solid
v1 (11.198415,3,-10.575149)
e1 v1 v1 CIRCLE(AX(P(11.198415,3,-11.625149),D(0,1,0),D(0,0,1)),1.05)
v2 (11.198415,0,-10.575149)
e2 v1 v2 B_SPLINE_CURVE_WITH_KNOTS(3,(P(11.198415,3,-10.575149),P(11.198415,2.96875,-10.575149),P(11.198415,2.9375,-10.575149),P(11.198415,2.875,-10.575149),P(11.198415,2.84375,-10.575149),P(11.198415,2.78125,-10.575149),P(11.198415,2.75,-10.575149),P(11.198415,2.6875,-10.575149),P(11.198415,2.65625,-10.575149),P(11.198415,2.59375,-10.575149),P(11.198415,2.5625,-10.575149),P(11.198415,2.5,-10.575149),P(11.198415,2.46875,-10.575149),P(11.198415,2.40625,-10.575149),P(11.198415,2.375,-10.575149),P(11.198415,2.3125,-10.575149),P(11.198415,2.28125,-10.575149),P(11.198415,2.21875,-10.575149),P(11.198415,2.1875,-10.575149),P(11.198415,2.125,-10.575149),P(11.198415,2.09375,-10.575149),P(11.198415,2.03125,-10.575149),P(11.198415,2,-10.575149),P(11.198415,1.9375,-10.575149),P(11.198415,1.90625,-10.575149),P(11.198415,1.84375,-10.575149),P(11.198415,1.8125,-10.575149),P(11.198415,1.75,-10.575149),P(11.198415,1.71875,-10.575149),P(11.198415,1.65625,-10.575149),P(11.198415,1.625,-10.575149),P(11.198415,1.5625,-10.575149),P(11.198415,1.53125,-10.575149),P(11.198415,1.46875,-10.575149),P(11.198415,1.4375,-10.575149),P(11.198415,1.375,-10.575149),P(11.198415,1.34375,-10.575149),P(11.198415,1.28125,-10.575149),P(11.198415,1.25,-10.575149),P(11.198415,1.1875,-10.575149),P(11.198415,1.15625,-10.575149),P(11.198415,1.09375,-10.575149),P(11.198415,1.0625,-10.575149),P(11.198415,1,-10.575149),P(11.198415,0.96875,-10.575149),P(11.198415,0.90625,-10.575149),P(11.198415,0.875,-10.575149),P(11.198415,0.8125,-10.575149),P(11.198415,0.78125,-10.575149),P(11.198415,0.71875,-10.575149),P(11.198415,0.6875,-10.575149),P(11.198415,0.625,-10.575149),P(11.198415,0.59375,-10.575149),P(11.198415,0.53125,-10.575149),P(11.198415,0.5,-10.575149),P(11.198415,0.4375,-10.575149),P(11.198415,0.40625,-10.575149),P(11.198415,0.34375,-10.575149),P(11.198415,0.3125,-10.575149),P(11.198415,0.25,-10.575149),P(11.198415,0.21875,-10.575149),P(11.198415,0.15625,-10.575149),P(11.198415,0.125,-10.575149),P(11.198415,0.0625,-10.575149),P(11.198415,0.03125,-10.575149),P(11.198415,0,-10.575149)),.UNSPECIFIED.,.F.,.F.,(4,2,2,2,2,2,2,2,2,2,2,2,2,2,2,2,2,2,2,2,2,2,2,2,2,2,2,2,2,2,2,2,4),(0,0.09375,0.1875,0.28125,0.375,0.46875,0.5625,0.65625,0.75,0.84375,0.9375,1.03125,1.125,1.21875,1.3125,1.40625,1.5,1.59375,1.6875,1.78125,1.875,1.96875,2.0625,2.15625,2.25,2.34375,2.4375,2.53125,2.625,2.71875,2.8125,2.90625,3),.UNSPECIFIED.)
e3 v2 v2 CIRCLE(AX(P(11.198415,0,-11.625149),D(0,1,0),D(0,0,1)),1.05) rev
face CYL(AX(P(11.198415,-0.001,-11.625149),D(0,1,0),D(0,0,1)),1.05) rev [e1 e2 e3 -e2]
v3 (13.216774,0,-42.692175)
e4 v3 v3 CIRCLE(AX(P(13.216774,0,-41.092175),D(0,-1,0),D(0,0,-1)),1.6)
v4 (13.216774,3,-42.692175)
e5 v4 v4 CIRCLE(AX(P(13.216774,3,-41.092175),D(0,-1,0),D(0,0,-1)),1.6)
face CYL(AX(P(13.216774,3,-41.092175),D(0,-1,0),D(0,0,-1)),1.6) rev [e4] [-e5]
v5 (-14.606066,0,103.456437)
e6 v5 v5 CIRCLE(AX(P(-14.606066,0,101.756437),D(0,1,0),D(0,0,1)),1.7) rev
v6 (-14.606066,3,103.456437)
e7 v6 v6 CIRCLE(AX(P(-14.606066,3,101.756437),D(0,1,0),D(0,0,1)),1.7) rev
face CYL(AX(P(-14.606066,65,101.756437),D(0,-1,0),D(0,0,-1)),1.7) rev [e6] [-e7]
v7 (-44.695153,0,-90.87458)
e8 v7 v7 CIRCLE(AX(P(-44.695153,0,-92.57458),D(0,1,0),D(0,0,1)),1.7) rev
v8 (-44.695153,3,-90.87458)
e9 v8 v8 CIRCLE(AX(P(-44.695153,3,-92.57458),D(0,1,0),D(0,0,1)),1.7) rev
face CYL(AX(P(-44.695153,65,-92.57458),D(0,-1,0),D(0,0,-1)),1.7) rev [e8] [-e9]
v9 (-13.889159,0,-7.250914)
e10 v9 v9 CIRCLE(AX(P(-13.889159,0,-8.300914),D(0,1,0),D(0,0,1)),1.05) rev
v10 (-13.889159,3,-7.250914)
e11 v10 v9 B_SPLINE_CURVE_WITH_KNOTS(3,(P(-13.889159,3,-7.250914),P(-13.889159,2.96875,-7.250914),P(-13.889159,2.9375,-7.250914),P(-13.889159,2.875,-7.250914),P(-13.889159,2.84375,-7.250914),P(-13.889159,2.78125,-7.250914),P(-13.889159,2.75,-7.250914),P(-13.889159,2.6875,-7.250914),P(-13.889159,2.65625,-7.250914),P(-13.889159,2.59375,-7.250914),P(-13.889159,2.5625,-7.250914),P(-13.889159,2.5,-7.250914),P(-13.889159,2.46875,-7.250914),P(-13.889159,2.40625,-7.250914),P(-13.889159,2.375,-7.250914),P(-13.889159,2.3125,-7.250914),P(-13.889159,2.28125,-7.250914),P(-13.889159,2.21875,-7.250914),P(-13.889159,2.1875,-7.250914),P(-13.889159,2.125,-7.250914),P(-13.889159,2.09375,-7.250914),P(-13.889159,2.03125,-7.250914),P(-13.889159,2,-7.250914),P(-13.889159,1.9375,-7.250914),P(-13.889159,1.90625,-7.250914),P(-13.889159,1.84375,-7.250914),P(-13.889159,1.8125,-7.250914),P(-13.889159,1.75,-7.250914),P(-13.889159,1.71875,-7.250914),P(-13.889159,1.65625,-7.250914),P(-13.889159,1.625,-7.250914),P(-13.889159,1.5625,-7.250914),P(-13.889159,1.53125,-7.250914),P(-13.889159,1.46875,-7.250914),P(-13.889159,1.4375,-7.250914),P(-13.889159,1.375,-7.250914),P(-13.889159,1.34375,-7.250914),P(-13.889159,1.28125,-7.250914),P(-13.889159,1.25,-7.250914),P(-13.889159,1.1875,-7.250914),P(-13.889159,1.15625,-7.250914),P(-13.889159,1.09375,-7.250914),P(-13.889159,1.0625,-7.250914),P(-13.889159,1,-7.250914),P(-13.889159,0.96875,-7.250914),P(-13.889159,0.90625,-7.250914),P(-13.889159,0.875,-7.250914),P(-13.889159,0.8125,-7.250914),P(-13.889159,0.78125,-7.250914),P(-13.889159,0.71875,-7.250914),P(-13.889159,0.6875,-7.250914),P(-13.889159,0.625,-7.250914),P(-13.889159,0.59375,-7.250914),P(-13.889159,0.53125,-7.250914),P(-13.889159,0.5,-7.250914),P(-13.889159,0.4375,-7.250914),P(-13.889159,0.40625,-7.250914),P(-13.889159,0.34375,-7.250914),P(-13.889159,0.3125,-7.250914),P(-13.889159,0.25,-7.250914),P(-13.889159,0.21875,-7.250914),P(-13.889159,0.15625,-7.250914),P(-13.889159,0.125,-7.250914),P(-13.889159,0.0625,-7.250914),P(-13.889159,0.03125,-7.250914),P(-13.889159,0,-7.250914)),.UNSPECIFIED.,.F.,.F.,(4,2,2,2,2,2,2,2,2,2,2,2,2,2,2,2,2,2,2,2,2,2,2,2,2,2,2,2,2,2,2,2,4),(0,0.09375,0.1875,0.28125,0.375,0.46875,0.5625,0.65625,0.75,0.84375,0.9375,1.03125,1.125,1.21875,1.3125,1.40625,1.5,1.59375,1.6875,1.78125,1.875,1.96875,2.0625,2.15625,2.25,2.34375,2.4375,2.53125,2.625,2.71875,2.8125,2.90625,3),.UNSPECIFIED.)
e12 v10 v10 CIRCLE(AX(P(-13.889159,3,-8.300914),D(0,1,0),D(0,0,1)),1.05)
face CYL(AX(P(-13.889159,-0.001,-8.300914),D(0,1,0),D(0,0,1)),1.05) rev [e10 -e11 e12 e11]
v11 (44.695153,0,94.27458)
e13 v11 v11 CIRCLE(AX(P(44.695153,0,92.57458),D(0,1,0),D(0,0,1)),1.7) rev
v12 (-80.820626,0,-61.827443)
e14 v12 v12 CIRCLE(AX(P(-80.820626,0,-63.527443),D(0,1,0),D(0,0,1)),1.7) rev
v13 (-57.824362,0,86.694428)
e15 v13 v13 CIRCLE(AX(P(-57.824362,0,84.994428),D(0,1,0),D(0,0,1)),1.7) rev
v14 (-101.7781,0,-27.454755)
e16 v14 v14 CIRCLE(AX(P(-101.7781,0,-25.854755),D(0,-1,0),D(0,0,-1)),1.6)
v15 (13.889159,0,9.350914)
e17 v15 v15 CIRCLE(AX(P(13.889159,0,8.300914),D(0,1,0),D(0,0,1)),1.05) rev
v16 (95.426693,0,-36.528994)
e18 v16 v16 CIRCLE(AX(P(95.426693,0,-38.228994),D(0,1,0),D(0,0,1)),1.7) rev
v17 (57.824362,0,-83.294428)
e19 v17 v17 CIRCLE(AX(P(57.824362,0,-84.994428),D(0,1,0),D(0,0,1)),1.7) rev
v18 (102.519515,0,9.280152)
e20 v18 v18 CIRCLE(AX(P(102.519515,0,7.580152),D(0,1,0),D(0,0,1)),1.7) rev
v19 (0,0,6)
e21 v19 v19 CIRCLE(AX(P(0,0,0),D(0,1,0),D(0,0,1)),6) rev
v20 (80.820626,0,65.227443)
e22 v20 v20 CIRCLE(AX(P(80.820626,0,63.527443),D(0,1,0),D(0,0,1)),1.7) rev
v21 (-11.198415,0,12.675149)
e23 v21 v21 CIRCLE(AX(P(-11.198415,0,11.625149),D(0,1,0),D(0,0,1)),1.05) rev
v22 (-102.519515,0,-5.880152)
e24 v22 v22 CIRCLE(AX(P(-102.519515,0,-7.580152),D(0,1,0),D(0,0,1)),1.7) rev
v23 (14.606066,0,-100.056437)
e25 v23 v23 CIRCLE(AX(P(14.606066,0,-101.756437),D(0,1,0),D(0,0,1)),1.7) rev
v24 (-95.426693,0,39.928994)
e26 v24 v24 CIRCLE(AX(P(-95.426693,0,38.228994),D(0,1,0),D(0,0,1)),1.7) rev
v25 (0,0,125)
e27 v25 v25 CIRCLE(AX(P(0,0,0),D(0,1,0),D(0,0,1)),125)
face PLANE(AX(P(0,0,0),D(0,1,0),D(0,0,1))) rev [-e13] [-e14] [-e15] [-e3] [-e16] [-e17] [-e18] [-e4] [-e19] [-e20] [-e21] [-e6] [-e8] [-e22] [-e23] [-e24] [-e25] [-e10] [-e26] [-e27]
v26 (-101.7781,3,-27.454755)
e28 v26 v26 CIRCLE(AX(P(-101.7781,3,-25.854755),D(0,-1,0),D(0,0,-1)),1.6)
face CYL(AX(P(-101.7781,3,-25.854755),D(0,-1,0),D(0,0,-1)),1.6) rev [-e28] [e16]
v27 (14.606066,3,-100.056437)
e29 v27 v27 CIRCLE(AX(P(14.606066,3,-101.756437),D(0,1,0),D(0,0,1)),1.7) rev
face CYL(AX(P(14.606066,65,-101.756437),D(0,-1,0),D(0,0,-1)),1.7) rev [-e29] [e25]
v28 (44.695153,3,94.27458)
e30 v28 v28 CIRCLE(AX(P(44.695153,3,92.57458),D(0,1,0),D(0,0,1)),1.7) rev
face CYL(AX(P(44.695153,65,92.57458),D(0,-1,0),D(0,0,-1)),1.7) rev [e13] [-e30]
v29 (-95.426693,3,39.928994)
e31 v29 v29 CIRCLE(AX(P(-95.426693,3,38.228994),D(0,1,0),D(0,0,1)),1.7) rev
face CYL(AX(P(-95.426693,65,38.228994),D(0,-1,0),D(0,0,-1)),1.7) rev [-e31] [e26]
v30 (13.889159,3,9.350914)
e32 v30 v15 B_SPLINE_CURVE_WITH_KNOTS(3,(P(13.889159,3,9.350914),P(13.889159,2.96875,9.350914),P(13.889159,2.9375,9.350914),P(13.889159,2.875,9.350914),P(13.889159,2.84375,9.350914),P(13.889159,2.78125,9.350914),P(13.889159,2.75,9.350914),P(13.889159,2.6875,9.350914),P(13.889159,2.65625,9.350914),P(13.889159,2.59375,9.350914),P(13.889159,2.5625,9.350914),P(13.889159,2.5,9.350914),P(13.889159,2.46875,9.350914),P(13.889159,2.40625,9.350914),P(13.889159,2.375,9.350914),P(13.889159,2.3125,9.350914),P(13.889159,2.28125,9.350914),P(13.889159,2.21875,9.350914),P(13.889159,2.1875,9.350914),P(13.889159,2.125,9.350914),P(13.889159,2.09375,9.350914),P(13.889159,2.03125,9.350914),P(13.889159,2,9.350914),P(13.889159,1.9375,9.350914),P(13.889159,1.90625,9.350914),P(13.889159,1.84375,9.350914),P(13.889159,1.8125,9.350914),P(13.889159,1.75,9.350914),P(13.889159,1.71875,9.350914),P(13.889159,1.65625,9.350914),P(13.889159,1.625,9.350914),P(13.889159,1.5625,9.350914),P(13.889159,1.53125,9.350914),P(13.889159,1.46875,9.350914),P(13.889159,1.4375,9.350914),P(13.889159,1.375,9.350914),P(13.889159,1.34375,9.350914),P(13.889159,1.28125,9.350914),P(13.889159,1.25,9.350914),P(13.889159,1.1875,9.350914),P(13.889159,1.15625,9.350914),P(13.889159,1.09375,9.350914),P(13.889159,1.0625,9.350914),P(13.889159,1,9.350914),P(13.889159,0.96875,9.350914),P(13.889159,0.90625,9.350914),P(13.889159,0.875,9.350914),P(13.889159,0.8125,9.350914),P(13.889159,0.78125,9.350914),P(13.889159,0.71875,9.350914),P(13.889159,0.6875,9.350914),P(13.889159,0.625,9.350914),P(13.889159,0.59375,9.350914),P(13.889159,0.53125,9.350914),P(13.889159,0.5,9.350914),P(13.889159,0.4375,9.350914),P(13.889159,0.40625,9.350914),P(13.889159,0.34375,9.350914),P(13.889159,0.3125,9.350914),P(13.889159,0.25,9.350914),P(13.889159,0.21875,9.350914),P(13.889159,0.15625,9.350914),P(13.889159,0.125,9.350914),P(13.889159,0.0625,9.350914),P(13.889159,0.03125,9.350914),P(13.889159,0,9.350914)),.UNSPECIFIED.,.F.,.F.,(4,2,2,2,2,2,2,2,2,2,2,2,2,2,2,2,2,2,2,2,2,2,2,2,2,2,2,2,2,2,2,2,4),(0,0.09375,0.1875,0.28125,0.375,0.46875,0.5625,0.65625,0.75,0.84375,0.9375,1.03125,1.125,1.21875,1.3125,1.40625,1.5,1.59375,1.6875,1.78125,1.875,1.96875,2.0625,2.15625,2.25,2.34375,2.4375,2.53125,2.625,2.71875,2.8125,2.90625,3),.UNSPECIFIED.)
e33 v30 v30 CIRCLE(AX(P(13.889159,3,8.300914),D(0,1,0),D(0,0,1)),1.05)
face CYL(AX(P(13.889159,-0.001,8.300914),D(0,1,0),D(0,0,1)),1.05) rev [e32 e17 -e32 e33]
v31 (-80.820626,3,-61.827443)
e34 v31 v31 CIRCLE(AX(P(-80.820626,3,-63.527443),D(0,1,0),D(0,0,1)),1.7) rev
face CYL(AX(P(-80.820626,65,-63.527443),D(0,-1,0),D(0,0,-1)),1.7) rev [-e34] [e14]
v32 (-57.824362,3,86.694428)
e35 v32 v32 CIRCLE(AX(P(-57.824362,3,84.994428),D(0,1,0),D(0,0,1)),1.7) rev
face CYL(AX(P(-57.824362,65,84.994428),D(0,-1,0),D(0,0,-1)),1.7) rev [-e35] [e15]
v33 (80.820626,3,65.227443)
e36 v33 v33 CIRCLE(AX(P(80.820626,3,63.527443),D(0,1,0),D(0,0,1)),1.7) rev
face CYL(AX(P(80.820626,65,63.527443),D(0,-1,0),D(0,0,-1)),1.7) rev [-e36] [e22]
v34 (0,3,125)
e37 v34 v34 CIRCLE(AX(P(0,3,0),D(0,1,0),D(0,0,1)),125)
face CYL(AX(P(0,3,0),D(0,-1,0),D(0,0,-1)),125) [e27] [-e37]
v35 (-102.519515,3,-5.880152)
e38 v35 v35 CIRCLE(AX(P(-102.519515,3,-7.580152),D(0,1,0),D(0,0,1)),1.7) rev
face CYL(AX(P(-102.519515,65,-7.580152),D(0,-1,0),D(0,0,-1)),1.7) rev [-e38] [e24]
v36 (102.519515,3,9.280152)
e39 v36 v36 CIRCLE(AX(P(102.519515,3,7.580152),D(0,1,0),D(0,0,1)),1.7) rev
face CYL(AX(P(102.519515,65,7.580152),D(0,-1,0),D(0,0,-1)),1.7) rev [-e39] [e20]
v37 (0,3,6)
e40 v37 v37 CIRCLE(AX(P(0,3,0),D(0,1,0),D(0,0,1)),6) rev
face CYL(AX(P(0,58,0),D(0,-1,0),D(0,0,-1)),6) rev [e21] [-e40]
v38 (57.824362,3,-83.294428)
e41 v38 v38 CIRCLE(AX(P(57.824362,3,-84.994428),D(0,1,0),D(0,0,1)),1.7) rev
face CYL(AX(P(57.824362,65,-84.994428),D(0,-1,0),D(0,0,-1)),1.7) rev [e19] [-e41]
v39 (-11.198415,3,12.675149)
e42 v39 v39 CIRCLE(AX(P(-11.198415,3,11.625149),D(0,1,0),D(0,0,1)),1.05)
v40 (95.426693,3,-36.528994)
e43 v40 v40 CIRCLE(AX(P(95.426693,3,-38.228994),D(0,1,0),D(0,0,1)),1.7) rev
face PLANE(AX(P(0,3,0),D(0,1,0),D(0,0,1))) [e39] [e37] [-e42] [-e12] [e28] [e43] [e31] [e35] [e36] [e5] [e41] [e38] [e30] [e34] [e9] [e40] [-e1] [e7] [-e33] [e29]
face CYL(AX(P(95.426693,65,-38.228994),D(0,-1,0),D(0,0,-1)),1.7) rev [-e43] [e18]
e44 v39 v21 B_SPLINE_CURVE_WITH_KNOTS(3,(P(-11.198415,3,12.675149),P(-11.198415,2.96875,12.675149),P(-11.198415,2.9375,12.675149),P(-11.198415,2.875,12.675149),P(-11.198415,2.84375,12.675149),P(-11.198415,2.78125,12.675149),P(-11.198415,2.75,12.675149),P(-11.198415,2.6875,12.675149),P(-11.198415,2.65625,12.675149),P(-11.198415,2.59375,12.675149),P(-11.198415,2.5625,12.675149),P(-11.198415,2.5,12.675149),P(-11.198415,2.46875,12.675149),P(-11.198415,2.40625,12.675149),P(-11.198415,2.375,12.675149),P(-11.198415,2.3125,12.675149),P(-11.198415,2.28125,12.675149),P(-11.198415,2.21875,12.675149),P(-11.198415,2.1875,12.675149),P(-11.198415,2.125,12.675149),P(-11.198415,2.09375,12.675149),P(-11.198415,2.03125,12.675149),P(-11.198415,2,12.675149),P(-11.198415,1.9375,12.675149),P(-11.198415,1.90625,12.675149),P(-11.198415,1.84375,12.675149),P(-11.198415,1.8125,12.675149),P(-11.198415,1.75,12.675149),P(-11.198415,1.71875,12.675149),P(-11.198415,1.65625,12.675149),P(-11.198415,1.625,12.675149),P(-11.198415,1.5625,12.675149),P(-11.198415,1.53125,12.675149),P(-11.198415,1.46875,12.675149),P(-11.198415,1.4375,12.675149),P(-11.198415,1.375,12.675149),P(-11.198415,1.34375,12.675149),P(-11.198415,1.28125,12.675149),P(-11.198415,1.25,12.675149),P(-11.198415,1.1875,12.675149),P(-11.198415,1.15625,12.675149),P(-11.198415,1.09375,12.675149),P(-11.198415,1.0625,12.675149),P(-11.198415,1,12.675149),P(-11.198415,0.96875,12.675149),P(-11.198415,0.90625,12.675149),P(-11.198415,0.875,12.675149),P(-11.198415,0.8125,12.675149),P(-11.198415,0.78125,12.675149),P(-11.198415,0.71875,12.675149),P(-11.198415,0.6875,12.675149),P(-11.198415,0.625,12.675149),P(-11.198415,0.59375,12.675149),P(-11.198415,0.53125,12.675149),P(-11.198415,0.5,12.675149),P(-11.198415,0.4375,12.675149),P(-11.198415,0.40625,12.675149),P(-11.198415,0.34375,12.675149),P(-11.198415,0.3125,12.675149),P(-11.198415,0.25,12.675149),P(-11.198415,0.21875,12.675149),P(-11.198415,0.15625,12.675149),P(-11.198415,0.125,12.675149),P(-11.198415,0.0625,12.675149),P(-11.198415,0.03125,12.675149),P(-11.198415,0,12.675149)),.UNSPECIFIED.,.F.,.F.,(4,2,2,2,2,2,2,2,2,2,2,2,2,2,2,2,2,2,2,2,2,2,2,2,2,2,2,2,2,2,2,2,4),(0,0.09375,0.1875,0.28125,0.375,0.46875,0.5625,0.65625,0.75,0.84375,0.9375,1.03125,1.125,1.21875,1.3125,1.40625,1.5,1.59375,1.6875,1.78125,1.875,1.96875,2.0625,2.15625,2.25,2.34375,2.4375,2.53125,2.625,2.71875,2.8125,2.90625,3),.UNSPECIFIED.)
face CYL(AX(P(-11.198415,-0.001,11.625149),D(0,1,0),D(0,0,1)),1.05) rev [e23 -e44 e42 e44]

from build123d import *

# Parameters (mm, degrees)
SKETCH2_R               = 125
BOSS_EXTRUDE1_DEPTH     = 3
CUT_EXTRUDE1_START      = -26
SKETCH3_R               = 1.7
CUT_EXTRUDE1_DEPTH      = 88
CUT_EXTRUDE2_DEPTH      = 55
CUT_EXTRUDE2_DEPTH_BACK = 12
SKETCH4_R               = 6
SKETCH5_R               = 1.6
CUT_EXTRUDE3_DEPTH      = 177.802149308
CUT_EXTRUDE4_REACH      = 178.802
SKETCH6_R               = 1.05
CIRPATTERN1_COUNT       = 6


with BuildPart() as part:
    # Sketch2 → Boss-Extrude1 (new body)
    with BuildSketch(Plane(origin=(0, 0, 0), x_dir=(1, 0, 0), z_dir=(0, 1, 0))):
        with Locations(Location((0, 0, 0), (0, 0, 270))):
            Circle(SKETCH2_R)
    extrude(amount=BOSS_EXTRUDE1_DEPTH)

    # Sketch3 → Cut-Extrude1 (cut)
    with BuildSketch(Plane(origin=(0, 3, 0), x_dir=(1, 0, 0), z_dir=(0, 1, 0)).offset(CUT_EXTRUDE1_START)):
        with Locations(Location((57.824361976, 84.994428132, 0), (0, 0, 270))):
            Circle(SKETCH3_R)
        with Locations(Location((14.606066285, 101.75643704, 0), (0, 0, 270))):
            Circle(SKETCH3_R)
        with Locations(Location((44.695152955, -92.574580495, 0), (0, 0, 270))):
            Circle(SKETCH3_R)
        with Locations(Location((80.820626333, -63.527442972, 0), (0, 0, 270))):
            Circle(SKETCH3_R)
        with Locations(Location((-102.519514931, 7.580152362, 0), (0, 0, 270))):
            Circle(SKETCH3_R)
        with Locations(Location((-95.426692618, -38.228994068, 0), (0, 0, 270))):
            Circle(SKETCH3_R)
    cut_extrude1 = extrude(amount=CUT_EXTRUDE1_DEPTH, mode=Mode.SUBTRACT)

    # Sketch4 → Cut-Extrude2 (cut, two sides: drawn at the far end of the back side and taken through both)
    with BuildSketch(Plane(origin=(0, 3, 0), x_dir=(1, 0, 0), z_dir=(0, 1, 0)).offset(-CUT_EXTRUDE2_DEPTH_BACK)):
        with Locations(Location((0, 0, 0), (0, 0, 270))):
            Circle(SKETCH4_R)
    extrude(amount=CUT_EXTRUDE2_DEPTH + CUT_EXTRUDE2_DEPTH_BACK, mode=Mode.SUBTRACT)

    # Sketch5 → Cut-Extrude3 (cut, through all)
    with BuildSketch(Plane.XZ):
        with Locations(Location((-101.778099897, -25.854755487, 0), (0, 0, 270))):
            Circle(SKETCH5_R)
        with Locations(Location((13.216774043, -41.092175458, 0), (0, 0, 270))):
            Circle(SKETCH5_R)
    extrude(amount=-CUT_EXTRUDE3_DEPTH, mode=Mode.SUBTRACT)

    # Sketch6 → Cut-Extrude4 (cut, up to next)
    with BuildSketch(Plane(origin=(0, 3, 0), x_dir=(1, 0, 0), z_dir=(0, 1, 0)), mode=Mode.PRIVATE) as cut_extrude4_sk1:
        with Locations(Location((11.198414604, 11.625148557, 0), (0, 0, 270))):
            Circle(SKETCH6_R)
    cut_extrude4_tool1 = extrude(cut_extrude4_sk1.sketch, amount=-CUT_EXTRUDE4_REACH, mode=Mode.PRIVATE) & part.part
    # Sketch6 → Cut-Extrude4 (cut, up to next)
    with BuildSketch(Plane(origin=(0, 3, 0), x_dir=(1, 0, 0), z_dir=(0, 1, 0)), mode=Mode.PRIVATE) as cut_extrude4_sk2:
        with Locations(Location((13.889158795, -8.300914364, 0), (0, 0, 270))):
            Circle(SKETCH6_R)
    cut_extrude4_tool2 = extrude(cut_extrude4_sk2.sketch, amount=-CUT_EXTRUDE4_REACH, mode=Mode.PRIVATE) & part.part
    # Sketch6 → Cut-Extrude4 (cut, up to next)
    with BuildSketch(Plane(origin=(0, 3, 0), x_dir=(1, 0, 0), z_dir=(0, 1, 0)), mode=Mode.PRIVATE) as cut_extrude4_sk3:
        with Locations(Location((-11.198414604, -11.625148557, 0), (0, 0, 270))):
            Circle(SKETCH6_R)
    cut_extrude4_tool3 = extrude(cut_extrude4_sk3.sketch, amount=-CUT_EXTRUDE4_REACH, mode=Mode.PRIVATE) & part.part
    # Sketch6 → Cut-Extrude4 (cut, up to next)
    with BuildSketch(Plane(origin=(0, 3, 0), x_dir=(1, 0, 0), z_dir=(0, 1, 0)), mode=Mode.PRIVATE) as cut_extrude4_sk4:
        with Locations(Location((-13.889158795, 8.300914364, 0), (0, 0, 270))):
            Circle(SKETCH6_R)
    cut_extrude4_tool4 = extrude(cut_extrude4_sk4.sketch, amount=-CUT_EXTRUDE4_REACH, mode=Mode.PRIVATE) & part.part
    add(cut_extrude4_tool1.solids().sort_by_distance((11.198415, 3, -11.625149))[0], mode=Mode.SUBTRACT)
    add(cut_extrude4_tool2.solids().sort_by_distance((13.889159, 3, 8.300914))[0], mode=Mode.SUBTRACT)
    add(cut_extrude4_tool3.solids().sort_by_distance((-11.198415, 3, 11.625149))[0], mode=Mode.SUBTRACT)
    add(cut_extrude4_tool4.solids().sort_by_distance((-13.889159, 3, -8.300914))[0], mode=Mode.SUBTRACT)

    # CirPattern1: Cut-Extrude1 ×6 about axis
    cirpattern1_axis = Axis((0, 0, 0), (0, 1, 0))
    for i in range(1, CIRPATTERN1_COUNT):
        add(cut_extrude1.rotate(cirpattern1_axis, i * 360 / CIRPATTERN1_COUNT), mode=Mode.SUBTRACT)


solid = part.part
